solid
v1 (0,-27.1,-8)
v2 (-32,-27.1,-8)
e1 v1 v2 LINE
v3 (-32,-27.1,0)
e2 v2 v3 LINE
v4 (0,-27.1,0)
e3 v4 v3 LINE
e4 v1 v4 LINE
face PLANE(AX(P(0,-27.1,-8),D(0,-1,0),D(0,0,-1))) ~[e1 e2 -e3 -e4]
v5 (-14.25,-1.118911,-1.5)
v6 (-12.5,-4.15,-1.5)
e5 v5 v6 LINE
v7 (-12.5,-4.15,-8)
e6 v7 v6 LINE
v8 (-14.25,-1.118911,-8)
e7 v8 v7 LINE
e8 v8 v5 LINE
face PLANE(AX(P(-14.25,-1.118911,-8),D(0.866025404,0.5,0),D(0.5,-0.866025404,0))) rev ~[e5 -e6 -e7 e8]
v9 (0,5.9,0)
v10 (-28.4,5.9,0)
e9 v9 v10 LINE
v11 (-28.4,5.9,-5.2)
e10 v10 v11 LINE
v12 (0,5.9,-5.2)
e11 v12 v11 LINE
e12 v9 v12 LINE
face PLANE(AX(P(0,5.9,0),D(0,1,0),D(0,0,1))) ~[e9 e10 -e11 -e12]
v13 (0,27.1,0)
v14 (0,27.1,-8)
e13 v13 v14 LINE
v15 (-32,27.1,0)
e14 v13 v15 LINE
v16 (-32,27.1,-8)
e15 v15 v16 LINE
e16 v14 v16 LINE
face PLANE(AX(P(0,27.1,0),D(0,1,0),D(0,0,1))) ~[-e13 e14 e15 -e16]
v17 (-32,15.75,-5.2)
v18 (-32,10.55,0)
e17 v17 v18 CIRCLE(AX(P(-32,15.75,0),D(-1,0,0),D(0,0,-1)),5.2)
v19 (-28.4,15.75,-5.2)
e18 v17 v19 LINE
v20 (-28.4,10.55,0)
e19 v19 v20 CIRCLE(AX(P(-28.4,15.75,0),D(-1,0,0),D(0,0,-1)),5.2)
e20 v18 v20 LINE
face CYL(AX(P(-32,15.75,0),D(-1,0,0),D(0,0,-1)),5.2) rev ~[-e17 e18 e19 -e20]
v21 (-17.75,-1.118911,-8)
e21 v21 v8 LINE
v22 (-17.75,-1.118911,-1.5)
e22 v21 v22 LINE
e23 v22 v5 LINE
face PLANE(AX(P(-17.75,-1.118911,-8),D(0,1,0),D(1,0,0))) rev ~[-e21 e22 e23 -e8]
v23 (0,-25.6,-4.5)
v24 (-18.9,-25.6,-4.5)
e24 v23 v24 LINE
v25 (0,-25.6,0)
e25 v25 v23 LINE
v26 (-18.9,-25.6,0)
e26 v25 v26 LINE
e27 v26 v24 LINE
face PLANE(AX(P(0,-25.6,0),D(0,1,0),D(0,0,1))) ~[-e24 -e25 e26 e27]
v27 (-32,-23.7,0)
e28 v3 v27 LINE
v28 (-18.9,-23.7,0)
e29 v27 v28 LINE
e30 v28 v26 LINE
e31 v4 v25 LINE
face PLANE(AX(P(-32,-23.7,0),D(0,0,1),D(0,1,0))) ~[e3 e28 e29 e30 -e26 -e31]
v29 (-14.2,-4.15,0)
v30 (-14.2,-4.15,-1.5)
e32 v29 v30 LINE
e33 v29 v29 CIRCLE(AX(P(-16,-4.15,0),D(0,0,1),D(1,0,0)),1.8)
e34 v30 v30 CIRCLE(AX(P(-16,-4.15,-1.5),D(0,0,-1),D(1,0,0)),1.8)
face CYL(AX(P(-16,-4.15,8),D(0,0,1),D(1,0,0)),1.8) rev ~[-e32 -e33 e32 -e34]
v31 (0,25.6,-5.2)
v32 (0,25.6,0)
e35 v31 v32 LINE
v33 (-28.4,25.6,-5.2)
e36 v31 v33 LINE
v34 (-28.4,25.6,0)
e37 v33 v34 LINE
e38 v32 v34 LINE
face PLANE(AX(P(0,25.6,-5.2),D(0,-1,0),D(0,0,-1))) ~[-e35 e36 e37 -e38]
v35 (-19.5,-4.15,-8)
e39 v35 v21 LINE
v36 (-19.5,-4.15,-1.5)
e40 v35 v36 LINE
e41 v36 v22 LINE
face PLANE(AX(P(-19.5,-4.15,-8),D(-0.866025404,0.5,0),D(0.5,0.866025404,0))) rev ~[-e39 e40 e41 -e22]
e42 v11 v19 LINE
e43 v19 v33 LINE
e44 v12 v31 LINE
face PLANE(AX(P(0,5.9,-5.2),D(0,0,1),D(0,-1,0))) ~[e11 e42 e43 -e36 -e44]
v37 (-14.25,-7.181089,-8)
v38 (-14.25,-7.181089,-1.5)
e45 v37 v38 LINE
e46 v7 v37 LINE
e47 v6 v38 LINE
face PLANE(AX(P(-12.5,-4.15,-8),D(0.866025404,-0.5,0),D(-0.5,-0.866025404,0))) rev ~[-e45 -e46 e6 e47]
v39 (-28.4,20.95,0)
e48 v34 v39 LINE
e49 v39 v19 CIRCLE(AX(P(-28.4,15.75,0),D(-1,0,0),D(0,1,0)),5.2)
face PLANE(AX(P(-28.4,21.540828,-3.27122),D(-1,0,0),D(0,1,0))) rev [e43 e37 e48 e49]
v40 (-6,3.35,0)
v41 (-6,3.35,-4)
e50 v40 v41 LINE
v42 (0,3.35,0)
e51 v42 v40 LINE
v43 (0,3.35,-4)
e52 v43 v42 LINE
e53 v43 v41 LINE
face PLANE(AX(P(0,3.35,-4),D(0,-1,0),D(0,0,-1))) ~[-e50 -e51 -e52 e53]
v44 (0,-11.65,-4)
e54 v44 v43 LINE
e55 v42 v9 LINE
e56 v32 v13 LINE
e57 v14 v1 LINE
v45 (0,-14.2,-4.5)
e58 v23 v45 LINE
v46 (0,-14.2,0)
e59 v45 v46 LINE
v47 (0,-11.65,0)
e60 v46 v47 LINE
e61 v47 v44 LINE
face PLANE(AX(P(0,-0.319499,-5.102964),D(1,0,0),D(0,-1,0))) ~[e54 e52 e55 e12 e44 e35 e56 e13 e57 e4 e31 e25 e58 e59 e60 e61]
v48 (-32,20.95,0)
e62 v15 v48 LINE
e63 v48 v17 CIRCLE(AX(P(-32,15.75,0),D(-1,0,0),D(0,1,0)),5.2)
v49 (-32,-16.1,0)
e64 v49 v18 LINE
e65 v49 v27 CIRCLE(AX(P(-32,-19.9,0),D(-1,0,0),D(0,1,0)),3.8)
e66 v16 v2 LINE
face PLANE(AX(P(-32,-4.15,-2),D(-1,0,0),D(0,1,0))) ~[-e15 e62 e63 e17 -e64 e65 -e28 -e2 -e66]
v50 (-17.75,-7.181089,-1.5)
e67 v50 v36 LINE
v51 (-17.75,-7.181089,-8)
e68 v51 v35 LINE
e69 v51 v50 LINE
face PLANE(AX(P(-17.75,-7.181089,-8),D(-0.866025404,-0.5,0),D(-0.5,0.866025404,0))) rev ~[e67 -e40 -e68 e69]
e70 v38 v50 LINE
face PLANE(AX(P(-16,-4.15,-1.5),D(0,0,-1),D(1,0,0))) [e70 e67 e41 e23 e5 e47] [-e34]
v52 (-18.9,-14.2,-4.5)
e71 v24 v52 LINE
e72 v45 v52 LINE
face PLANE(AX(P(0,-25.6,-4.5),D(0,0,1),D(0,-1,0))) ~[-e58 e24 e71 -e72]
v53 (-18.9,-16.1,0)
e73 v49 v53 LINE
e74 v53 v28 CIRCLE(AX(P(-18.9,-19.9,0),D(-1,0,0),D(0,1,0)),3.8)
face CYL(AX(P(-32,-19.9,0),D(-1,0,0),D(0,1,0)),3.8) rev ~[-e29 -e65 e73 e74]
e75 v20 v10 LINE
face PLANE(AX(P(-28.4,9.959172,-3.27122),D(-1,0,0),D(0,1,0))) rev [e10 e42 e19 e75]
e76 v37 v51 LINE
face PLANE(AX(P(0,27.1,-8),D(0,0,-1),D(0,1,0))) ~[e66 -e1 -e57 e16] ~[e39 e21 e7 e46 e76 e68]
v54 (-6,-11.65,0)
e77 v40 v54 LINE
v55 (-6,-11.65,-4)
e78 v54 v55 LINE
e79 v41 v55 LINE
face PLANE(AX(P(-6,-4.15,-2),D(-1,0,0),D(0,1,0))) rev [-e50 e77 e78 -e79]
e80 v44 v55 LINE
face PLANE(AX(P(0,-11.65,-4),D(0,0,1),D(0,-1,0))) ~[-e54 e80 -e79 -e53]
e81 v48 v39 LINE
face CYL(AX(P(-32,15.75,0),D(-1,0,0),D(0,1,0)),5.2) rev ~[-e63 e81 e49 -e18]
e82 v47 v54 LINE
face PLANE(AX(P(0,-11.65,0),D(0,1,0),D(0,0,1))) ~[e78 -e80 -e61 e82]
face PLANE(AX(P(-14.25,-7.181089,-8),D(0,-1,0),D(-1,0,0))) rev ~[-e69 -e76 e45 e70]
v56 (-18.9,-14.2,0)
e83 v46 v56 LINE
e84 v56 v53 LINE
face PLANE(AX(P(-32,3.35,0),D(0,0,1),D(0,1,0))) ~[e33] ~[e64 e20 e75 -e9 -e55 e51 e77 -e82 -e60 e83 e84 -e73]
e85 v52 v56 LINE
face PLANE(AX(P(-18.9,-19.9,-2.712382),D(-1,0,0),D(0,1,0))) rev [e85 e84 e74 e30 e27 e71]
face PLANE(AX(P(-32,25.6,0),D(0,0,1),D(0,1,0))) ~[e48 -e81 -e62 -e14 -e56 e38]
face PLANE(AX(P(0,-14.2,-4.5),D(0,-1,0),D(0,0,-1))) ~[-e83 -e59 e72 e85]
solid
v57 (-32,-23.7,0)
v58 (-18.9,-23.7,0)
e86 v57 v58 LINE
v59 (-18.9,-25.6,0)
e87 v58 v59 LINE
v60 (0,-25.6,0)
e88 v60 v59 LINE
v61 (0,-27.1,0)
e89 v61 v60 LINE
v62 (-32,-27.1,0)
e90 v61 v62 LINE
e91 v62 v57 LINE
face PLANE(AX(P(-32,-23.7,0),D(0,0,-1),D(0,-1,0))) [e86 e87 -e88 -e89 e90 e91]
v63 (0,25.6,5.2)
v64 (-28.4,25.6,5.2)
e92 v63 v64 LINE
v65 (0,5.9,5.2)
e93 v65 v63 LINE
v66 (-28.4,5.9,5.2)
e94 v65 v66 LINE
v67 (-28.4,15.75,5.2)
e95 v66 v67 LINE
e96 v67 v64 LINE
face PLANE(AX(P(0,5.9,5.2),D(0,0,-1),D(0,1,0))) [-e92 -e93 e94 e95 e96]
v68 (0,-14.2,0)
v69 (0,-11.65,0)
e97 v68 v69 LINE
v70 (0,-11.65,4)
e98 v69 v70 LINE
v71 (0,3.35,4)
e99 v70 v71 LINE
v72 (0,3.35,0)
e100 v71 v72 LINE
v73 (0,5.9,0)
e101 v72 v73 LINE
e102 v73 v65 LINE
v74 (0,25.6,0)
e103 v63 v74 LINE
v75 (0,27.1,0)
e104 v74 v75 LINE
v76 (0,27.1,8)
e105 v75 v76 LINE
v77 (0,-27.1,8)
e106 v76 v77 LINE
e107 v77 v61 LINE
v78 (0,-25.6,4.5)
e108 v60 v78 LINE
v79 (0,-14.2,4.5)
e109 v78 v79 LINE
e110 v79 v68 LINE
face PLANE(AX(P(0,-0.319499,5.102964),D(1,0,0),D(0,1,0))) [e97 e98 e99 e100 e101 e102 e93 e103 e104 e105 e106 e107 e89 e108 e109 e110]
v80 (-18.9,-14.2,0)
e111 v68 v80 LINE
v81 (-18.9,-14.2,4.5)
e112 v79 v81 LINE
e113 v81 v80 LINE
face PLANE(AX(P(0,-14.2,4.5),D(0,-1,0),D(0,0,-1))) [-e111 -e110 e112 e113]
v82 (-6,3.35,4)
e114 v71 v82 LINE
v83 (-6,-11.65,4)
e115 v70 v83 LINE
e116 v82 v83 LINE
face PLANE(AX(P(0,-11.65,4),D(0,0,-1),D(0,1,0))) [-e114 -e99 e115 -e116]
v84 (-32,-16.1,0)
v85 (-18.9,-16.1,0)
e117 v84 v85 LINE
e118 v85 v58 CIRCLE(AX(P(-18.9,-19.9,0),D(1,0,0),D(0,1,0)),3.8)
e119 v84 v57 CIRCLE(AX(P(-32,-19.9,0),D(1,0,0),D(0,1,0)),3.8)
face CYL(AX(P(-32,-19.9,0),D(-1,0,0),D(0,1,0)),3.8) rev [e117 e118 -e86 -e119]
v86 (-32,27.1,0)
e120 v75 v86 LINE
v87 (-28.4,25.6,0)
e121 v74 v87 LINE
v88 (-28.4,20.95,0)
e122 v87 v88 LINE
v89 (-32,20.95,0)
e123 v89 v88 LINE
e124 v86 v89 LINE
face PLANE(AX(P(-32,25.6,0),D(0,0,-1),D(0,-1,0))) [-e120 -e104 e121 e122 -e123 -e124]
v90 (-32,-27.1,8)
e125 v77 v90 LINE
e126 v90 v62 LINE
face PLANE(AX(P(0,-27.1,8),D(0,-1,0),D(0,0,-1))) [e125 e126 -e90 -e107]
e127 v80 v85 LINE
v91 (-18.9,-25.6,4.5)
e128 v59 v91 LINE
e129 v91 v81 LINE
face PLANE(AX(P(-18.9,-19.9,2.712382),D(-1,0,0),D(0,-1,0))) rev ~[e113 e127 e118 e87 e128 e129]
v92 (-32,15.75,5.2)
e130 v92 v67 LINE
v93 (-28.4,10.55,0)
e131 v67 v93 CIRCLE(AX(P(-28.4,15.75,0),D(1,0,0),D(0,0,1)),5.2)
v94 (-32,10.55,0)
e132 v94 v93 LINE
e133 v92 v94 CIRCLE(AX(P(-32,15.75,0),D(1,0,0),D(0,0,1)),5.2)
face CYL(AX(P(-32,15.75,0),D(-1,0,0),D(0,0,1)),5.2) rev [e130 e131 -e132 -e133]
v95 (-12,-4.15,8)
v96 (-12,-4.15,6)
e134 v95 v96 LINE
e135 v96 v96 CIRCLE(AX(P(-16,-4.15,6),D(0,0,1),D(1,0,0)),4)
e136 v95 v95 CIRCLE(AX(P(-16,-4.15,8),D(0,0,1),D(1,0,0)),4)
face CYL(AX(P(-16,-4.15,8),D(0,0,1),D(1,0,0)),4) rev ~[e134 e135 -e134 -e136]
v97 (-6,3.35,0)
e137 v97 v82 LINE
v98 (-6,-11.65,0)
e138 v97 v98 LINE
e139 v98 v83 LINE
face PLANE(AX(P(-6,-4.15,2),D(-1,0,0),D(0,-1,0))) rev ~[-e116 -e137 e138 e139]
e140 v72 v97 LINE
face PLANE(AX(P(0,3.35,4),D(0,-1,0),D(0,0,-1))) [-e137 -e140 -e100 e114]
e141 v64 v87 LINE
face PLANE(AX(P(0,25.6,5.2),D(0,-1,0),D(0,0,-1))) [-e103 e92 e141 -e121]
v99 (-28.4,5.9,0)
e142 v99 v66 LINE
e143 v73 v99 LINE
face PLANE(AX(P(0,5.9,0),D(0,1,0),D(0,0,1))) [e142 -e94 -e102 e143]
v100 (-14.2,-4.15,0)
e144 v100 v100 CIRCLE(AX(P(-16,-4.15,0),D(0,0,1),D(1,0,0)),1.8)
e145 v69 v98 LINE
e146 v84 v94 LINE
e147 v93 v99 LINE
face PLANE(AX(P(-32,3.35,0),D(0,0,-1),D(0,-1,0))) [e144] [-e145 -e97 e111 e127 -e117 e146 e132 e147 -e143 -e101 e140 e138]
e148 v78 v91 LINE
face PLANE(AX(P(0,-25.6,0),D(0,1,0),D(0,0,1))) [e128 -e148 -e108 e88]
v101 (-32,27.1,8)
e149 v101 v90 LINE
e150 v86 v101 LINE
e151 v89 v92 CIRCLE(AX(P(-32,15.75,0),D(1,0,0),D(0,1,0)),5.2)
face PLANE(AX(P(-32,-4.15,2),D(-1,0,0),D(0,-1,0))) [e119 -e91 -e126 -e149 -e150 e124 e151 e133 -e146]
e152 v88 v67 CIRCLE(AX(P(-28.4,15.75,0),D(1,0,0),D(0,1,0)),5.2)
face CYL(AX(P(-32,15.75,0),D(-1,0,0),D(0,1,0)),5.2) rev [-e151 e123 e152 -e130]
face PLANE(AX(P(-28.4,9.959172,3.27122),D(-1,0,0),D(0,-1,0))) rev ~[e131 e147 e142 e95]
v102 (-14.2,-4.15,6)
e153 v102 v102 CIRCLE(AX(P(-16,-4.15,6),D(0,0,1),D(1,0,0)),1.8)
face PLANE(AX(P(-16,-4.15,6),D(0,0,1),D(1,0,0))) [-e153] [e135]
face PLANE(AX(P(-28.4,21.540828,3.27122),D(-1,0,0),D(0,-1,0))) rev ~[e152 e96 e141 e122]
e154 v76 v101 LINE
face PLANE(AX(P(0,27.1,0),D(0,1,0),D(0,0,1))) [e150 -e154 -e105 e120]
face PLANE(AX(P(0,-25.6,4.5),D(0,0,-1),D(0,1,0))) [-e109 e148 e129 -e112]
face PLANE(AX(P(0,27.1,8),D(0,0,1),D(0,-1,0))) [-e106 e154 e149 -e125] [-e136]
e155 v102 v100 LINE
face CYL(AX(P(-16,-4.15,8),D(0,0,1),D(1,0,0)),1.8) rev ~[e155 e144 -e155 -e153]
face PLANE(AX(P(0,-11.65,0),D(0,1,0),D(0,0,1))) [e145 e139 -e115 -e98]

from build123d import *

# Parameters (mm, degrees)
F1_DEPTH  = 32
F3_DEPTH  = 3.6
F4_DEPTH  = 13.1
F2_W      = 15
F2_H      = 4
F5_DEPTH  = 26
F7_R      = 1.8
F8_DEPTH  = 16
F7_R_2    = 4
F9_DEPTH  = 2
F10_R     = 1.8
F11_DEPTH = 6.5


with BuildPart() as f1:
    # F0 (on Right) → F1 (new body)
    with BuildSketch(Plane.YZ):
        Polygon((-27.1, 8), (-27.1, 0), (-25.6, 0), (-25.6, 4.5), (-14.2, 4.5), (-14.2, 0), (-11.65, 0), (-11.65, 4), (3.35, 4), (3.35, 0), (5.9, 0), (5.9, 5.2), (25.6, 5.2), (25.6, 0), (27.1, 0), (27.1, 8), align=None)
    extrude(amount=-F1_DEPTH)

    # F2 (on face) → F3 (join)
    with BuildSketch(Plane(origin=(-32, 0, 0), x_dir=(0, -1, 0), z_dir=(-1, 0, 0))):
        with BuildLine():
            Line((-5.9, 5.2), (-15.75, 5.2))
            ThreePointArc((-15.75, 5.2), (-12.0730447378, 3.6769552622), (-10.55, 0))
            Line((-10.55, 0), (-5.9, 0))
            Line((-5.9, 0), (-5.9, 5.2))
        make_face()
        with BuildLine():
            Line((-25.6, 5.2), (-25.6, 0))
            Line((-25.6, 0), (-20.95, 0))
            ThreePointArc((-20.95, 0), (-19.4269552622, 3.6769552622), (-15.75, 5.2))
            Line((-15.75, 5.2), (-25.6, 5.2))
        make_face()
    extrude(amount=-F3_DEPTH)

    # F2 (on face) → F4 (join)
    with BuildSketch(Plane(origin=(-32, 0, 0), x_dir=(0, -1, 0), z_dir=(-1, 0, 0))):
        with BuildLine():
            Line((23.7, 0), (25.6, 0))
            Line((25.6, 0), (25.6, 4.5))
            Line((25.6, 4.5), (14.2, 4.5))
            Line((14.2, 4.5), (14.2, 0))
            Line((14.2, 0), (16.1, 0))
            ThreePointArc((16.1, 0), (19.9, 3.8), (23.7, 0))
        make_face()
    extrude(amount=-F4_DEPTH)

    # F2 (on face) → F5 (join)
    with BuildSketch(Plane(origin=(-32, 0, 0), x_dir=(0, -1, 0), z_dir=(-1, 0, 0))):
        with Locations((4.15, 2)):
            Rectangle(F2_W, F2_H)
    extrude(amount=-F5_DEPTH)


with BuildPart() as f6_1:
    # F6: instance of F1
    add(f1.part.mirror(Plane.XY))


with BuildPart() as f8_tool:
    # F7 (on face) → F8 (new body, through all)
    with BuildSketch(Plane.XY.offset(8)):
        with Locations((-16, -4.15)):
            Circle(F7_R)
    extrude(amount=-F8_DEPTH)


with BuildPart() as f1_1:
    add(f1.part)

    # F8: cut by f8_tool
    add(f8_tool.part, mode=Mode.SUBTRACT)

    # F7 (on face) → F9 (cut)
    with BuildSketch(Plane.XY.offset(8)):
        with Locations((-16, -4.15)):
            Circle(F7_R_2)
        with Locations((-16, -4.15)):
            Circle(F7_R, mode=Mode.SUBTRACT)
    extrude(amount=-F9_DEPTH, mode=Mode.SUBTRACT)


with BuildPart() as f6_1_1:
    add(f6_1.part)

    # F8: cut by f8_tool
    add(f8_tool.part, mode=Mode.SUBTRACT)

    # F10 (on face) → F11 (cut)
    with BuildSketch(Plane(origin=(0, 0, -8), x_dir=(1, 0, 0), z_dir=(0, 0, -1))):
        Polygon((-17.75, 1.1189110861), (-14.25, 1.1189110861), (-12.5, 4.1499999994), (-14.25, 7.1810889126), (-17.75, 7.1810889126), (-19.5, 4.1499999994), align=None)
        with Locations((-16, 4.1499999994)):
            Circle(F10_R, mode=Mode.SUBTRACT)
    extrude(amount=-F11_DEPTH, mode=Mode.SUBTRACT)


solid = Compound([f1_1.part, f6_1_1.part])
